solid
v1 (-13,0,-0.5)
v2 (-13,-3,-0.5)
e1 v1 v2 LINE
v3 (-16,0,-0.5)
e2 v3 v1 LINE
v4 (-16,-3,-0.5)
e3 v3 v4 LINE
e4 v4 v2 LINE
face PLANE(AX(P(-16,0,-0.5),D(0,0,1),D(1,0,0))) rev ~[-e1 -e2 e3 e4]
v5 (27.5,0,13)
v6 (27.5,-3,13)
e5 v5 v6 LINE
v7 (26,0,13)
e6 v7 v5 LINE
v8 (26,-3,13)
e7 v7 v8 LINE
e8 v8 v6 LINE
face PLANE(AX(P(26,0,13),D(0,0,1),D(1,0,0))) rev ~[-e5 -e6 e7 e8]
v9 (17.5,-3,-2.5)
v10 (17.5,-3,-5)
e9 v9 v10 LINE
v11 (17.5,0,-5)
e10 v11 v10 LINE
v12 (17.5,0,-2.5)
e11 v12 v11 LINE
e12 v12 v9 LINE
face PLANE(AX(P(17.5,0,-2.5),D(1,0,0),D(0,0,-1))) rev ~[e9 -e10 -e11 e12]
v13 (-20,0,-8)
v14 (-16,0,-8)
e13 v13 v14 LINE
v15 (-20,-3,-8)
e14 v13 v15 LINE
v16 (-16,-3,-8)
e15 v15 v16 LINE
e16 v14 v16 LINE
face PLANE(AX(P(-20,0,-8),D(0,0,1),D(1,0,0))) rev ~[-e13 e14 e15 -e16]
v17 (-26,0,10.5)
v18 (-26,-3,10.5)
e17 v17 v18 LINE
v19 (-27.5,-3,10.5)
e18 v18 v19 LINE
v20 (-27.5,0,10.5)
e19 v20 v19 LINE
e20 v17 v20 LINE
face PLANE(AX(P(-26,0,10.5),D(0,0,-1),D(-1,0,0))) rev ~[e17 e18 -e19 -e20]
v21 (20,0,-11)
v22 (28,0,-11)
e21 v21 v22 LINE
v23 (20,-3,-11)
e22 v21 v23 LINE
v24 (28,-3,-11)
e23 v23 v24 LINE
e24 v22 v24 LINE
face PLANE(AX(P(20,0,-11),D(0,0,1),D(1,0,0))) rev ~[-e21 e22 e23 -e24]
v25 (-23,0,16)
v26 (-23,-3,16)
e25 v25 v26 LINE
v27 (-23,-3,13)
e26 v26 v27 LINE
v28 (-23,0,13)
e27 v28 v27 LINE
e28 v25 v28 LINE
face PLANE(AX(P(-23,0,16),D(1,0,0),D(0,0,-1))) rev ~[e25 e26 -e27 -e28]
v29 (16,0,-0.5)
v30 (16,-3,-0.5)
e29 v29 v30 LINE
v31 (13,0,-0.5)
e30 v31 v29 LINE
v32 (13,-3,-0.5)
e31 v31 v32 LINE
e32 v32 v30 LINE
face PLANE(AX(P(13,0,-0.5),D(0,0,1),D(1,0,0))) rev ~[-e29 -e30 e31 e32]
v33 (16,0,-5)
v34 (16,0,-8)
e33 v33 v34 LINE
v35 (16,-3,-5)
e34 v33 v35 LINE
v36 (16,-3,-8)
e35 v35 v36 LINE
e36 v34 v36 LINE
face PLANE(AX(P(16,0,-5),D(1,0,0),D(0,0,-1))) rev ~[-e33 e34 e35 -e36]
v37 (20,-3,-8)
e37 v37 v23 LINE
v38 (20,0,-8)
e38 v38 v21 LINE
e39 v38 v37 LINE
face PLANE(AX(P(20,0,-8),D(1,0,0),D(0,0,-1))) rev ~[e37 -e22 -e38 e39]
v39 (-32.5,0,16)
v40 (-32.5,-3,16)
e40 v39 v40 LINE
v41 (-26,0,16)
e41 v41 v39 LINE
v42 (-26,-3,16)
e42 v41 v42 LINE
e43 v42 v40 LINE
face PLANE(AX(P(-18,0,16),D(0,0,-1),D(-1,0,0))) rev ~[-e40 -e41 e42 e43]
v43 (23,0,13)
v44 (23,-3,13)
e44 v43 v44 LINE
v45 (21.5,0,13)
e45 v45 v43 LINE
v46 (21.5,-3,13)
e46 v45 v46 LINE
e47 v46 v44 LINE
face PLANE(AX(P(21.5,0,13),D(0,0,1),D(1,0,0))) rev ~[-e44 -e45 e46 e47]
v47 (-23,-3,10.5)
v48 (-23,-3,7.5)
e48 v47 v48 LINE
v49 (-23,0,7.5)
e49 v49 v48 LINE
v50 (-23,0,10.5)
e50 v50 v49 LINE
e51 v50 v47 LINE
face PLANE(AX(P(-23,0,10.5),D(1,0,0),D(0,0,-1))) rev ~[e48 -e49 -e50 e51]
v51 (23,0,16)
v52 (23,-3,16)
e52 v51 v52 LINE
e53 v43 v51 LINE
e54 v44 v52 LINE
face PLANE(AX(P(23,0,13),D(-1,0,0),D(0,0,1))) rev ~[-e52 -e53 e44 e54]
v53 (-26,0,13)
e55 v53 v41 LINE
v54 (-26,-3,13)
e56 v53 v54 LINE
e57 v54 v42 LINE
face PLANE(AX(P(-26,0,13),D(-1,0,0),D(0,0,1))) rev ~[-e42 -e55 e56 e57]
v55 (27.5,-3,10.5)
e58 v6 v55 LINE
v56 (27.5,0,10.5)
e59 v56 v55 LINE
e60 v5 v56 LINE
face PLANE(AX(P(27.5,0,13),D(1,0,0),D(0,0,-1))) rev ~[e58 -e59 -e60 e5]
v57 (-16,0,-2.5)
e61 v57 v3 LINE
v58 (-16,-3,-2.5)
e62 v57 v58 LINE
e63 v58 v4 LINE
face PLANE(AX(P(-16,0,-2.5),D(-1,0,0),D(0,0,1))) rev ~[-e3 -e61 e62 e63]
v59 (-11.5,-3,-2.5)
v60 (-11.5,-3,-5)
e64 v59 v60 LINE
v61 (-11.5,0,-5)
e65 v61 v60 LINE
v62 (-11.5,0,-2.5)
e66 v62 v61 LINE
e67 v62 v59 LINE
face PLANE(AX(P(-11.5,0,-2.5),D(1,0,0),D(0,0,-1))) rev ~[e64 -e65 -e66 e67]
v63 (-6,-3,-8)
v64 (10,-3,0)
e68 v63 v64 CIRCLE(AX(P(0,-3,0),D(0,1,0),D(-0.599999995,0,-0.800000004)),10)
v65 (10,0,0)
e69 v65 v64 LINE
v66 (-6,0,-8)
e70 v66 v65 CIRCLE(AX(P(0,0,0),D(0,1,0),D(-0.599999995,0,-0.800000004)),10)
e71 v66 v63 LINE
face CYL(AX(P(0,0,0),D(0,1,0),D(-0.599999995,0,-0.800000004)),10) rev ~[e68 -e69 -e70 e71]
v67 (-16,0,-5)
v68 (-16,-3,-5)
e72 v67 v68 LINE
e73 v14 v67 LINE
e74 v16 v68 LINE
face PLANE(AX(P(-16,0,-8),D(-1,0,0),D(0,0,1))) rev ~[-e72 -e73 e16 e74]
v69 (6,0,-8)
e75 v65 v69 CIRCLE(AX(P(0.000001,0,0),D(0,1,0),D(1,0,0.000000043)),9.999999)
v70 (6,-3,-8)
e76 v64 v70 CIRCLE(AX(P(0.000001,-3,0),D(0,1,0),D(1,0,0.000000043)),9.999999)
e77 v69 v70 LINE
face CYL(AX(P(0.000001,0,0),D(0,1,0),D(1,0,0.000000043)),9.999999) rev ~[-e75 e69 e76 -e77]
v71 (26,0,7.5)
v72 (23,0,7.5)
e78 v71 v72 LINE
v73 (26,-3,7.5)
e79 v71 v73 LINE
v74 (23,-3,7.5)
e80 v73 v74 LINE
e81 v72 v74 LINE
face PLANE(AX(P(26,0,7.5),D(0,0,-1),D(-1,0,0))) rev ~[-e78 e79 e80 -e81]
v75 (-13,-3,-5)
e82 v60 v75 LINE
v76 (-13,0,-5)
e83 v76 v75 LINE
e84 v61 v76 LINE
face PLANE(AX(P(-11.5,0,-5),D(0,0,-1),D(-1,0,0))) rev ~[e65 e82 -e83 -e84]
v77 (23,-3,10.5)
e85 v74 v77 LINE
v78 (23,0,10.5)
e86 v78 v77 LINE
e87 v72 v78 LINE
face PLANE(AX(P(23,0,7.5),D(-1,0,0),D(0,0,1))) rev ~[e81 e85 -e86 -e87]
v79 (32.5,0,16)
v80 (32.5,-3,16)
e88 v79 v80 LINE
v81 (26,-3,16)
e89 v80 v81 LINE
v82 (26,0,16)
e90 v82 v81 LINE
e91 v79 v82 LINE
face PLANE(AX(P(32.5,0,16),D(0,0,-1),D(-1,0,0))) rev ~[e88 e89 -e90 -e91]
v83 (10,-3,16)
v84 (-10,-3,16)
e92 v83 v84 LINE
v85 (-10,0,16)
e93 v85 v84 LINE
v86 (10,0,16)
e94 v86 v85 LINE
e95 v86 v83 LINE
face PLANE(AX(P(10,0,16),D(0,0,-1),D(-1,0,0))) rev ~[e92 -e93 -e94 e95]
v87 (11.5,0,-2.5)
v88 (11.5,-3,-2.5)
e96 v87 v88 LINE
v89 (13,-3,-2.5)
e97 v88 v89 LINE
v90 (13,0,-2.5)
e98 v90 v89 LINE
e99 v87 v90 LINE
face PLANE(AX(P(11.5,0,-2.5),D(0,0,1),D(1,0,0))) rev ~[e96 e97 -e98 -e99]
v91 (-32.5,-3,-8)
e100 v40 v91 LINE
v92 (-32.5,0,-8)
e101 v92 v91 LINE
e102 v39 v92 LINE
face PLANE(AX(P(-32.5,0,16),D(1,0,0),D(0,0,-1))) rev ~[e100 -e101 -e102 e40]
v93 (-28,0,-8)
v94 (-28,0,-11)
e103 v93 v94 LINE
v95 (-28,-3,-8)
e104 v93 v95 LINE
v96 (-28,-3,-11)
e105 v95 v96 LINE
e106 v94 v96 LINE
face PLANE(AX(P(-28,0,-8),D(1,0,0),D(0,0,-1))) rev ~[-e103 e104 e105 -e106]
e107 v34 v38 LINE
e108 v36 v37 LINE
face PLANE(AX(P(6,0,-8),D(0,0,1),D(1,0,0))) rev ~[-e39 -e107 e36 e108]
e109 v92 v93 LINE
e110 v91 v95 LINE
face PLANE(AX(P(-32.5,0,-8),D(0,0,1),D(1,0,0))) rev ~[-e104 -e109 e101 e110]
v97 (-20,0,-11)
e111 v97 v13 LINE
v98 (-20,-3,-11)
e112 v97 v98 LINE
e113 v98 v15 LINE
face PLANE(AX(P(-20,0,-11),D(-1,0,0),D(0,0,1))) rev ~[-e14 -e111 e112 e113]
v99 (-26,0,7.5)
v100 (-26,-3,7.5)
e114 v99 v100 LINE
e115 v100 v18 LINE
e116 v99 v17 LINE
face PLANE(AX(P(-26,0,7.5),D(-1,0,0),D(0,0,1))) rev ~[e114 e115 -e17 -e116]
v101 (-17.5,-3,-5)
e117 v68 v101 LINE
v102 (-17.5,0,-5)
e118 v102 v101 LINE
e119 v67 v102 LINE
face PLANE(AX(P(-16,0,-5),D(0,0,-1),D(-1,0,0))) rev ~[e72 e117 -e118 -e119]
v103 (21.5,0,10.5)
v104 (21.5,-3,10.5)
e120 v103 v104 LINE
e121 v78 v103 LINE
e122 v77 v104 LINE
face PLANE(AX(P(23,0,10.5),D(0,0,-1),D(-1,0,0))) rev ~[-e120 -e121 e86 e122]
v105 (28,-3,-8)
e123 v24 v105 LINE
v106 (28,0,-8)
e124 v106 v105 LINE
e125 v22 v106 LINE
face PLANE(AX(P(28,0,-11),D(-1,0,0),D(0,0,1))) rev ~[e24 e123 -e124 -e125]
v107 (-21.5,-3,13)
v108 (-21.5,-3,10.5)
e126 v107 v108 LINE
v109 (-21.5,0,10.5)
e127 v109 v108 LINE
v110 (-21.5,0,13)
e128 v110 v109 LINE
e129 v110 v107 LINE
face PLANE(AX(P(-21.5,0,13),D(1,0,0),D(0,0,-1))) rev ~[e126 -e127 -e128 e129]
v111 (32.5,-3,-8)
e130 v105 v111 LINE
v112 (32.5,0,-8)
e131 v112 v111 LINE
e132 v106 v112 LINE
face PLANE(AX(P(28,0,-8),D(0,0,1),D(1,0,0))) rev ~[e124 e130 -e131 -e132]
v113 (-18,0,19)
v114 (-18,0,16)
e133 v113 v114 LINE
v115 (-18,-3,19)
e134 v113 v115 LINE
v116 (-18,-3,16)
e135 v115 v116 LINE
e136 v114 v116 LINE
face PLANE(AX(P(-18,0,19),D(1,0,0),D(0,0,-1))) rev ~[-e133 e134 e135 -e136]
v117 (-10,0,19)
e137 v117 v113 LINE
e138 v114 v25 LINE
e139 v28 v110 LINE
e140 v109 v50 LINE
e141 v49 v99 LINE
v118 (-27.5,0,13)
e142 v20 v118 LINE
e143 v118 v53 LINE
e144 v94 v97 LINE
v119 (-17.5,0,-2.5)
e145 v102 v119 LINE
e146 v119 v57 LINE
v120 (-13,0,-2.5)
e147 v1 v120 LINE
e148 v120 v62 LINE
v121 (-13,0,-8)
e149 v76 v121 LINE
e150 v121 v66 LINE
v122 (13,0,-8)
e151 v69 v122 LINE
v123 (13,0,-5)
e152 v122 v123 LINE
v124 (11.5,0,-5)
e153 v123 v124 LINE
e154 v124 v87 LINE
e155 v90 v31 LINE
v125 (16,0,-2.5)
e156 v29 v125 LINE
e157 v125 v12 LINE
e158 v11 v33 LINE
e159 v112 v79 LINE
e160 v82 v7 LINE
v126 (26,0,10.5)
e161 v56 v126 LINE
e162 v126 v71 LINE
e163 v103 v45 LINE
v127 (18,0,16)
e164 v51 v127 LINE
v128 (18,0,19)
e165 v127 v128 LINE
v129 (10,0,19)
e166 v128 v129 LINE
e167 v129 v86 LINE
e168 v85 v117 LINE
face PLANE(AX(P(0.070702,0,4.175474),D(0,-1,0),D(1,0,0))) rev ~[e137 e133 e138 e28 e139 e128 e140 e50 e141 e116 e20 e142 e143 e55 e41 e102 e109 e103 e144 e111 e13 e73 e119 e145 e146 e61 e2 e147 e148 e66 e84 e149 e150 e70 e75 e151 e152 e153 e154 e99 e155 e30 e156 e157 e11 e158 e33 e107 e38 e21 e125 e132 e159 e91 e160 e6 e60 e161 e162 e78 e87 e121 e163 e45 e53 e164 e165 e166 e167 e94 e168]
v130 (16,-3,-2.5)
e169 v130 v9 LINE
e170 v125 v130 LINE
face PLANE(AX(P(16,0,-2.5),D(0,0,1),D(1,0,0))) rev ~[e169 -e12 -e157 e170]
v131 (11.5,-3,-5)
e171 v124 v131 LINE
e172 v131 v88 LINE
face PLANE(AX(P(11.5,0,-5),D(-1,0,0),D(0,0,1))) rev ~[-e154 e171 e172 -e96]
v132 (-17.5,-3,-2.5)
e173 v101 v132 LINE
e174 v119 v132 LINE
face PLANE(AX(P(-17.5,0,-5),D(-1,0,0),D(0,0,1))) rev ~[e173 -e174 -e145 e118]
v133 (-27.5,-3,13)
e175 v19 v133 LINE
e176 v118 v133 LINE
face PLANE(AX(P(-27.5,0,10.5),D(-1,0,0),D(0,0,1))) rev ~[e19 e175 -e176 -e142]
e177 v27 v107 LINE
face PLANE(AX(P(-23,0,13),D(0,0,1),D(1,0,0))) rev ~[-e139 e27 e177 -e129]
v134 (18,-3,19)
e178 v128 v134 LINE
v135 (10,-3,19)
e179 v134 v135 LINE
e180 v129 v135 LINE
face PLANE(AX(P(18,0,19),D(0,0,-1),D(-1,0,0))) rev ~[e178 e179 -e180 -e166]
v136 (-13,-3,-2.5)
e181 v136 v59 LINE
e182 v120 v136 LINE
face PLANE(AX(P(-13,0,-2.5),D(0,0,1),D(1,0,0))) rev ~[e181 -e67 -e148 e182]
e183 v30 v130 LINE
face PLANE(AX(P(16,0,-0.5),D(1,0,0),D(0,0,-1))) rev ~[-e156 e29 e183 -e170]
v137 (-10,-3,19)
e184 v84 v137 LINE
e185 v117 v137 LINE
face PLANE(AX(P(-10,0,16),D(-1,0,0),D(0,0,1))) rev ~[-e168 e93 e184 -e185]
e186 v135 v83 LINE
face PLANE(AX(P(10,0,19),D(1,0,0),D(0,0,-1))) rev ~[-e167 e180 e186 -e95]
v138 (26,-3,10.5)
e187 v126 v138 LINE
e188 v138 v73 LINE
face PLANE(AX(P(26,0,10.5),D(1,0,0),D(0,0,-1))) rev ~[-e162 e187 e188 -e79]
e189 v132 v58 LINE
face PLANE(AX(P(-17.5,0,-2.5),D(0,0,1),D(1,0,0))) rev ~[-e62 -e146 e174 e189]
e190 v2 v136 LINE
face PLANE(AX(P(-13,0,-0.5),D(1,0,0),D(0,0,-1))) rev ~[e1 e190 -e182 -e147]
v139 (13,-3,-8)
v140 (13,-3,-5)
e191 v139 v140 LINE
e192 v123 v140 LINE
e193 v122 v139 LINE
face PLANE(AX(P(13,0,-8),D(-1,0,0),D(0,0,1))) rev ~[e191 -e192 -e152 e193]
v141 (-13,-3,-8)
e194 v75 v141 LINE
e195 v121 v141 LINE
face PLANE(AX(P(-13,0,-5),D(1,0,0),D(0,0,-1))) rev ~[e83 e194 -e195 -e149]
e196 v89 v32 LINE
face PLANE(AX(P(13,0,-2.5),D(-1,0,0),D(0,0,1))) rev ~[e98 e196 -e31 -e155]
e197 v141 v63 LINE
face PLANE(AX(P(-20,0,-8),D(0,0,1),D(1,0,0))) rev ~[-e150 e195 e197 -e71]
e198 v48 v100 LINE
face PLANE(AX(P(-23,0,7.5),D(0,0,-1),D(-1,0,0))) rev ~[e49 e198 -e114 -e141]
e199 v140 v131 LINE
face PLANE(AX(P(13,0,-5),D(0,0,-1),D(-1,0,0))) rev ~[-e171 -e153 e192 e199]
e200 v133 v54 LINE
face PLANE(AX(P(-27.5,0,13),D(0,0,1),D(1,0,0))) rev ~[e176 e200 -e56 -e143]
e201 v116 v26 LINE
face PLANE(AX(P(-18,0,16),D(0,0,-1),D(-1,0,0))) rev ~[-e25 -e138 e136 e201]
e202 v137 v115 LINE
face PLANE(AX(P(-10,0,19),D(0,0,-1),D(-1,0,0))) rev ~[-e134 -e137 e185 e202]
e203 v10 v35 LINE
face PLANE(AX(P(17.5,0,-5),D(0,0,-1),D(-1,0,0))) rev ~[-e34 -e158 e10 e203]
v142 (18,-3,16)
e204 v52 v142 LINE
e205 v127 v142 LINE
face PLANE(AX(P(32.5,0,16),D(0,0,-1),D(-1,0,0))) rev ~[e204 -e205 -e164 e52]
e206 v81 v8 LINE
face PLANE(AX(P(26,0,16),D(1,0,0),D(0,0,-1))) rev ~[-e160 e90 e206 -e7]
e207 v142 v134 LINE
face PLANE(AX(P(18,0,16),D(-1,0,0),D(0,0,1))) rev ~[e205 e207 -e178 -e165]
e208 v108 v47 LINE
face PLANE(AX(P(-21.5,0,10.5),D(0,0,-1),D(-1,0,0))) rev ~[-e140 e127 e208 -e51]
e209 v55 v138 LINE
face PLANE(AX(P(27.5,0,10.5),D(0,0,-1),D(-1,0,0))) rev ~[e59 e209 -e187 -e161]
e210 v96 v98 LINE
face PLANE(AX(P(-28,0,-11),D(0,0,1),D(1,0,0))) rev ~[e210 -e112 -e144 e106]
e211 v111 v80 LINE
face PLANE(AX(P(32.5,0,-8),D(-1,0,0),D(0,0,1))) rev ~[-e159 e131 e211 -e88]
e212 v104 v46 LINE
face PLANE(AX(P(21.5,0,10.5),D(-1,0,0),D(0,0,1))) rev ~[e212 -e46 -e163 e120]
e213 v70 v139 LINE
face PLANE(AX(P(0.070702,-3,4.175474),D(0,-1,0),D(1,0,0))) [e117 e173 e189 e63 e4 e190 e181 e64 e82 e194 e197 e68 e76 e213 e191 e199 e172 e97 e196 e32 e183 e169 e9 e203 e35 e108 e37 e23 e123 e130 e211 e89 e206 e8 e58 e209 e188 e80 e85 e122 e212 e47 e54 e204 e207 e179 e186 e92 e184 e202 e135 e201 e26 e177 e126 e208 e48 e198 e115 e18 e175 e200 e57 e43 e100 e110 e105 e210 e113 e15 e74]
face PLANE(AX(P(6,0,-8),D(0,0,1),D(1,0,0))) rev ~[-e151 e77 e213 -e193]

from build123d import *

# Parameters (mm, degrees)
F1_DEPTH = 3
F3_DEPTH = 3


with BuildPart() as f1:
    # F0 (on Front) → F1 (new body)
    with BuildSketch(Plane.XZ):
        with BuildLine():
            Line((28, -8), (32.5, -8))
            Line((32.5, -8), (32.5, 16))
            Line((32.5, 16), (18, 16))
            Line((18, 16), (18, 19))
            Line((18, 19), (10, 19))
            Line((10, 19), (10, 16))
            Line((10, 16), (0, 16))
            Line((0, 16), (-10, 16))
            Line((-10, 16), (-10, 19))
            Line((-10, 19), (-18, 19))
            Line((-18, 19), (-18, 16))
            Line((-18, 16), (-32.5, 16))
            Line((-32.5, 16), (-32.5, -8))
            Line((-32.5, -8), (-28, -8))
            Line((-28, -8), (-28, -11))
            Line((-28, -11), (-20, -11))
            Line((-20, -11), (-20, -8))
            Line((-20, -8), (-6, -8))
            ThreePointArc((-6, -8), (-4.472136, 8.944272), (10, 0))
            ThreePointArc((10, 0), (8.944272, -4.472136), (6, -8))
            Line((6, -8), (20, -8))
            Line((20, -8), (20, -11))
            Line((20, -11), (28, -11))
            Line((28, -11), (28, -8))
        make_face()
    extrude(amount=F1_DEPTH)

    # F2 (on face) → F3 (cut, through all)
    with BuildSketch(Plane(origin=(0, 0, 0), x_dir=(-1, 0, 0), z_dir=(0, 1, 0))):
        Polygon((13, -5), (13, -8), (16, -8), (16, -5), (17.5, -5), (17.5, -2.5), (16, -2.5), (16, -0.5), (13, -0.5), (13, -2.5), (11.5, -2.5), (11.5, -5), align=None)
        Polygon((-11.5, -2.5), (-13, -2.5), (-13, -0.5), (-16, -0.5), (-16, -2.5), (-17.5, -2.5), (-17.5, -5), (-16, -5), (-16, -8), (-13, -8), (-13, -5), (-11.5, -5), align=None)
        Polygon((26, 13), (26, 16), (23, 16), (23, 13), (21.5, 13), (21.5, 10.5), (23, 10.5), (23, 7.5), (26, 7.5), (26, 10.5), (27.5, 10.5), (27.5, 13), align=None)
        Polygon((-23, 10.5), (-21.5, 10.5), (-21.5, 13), (-23, 13), (-23, 16), (-26, 16), (-26, 13), (-27.5, 13), (-27.5, 10.5), (-26, 10.5), (-26, 7.5), (-23, 7.5), align=None)
    extrude(amount=-F3_DEPTH, mode=Mode.SUBTRACT)


solid = f1.part
